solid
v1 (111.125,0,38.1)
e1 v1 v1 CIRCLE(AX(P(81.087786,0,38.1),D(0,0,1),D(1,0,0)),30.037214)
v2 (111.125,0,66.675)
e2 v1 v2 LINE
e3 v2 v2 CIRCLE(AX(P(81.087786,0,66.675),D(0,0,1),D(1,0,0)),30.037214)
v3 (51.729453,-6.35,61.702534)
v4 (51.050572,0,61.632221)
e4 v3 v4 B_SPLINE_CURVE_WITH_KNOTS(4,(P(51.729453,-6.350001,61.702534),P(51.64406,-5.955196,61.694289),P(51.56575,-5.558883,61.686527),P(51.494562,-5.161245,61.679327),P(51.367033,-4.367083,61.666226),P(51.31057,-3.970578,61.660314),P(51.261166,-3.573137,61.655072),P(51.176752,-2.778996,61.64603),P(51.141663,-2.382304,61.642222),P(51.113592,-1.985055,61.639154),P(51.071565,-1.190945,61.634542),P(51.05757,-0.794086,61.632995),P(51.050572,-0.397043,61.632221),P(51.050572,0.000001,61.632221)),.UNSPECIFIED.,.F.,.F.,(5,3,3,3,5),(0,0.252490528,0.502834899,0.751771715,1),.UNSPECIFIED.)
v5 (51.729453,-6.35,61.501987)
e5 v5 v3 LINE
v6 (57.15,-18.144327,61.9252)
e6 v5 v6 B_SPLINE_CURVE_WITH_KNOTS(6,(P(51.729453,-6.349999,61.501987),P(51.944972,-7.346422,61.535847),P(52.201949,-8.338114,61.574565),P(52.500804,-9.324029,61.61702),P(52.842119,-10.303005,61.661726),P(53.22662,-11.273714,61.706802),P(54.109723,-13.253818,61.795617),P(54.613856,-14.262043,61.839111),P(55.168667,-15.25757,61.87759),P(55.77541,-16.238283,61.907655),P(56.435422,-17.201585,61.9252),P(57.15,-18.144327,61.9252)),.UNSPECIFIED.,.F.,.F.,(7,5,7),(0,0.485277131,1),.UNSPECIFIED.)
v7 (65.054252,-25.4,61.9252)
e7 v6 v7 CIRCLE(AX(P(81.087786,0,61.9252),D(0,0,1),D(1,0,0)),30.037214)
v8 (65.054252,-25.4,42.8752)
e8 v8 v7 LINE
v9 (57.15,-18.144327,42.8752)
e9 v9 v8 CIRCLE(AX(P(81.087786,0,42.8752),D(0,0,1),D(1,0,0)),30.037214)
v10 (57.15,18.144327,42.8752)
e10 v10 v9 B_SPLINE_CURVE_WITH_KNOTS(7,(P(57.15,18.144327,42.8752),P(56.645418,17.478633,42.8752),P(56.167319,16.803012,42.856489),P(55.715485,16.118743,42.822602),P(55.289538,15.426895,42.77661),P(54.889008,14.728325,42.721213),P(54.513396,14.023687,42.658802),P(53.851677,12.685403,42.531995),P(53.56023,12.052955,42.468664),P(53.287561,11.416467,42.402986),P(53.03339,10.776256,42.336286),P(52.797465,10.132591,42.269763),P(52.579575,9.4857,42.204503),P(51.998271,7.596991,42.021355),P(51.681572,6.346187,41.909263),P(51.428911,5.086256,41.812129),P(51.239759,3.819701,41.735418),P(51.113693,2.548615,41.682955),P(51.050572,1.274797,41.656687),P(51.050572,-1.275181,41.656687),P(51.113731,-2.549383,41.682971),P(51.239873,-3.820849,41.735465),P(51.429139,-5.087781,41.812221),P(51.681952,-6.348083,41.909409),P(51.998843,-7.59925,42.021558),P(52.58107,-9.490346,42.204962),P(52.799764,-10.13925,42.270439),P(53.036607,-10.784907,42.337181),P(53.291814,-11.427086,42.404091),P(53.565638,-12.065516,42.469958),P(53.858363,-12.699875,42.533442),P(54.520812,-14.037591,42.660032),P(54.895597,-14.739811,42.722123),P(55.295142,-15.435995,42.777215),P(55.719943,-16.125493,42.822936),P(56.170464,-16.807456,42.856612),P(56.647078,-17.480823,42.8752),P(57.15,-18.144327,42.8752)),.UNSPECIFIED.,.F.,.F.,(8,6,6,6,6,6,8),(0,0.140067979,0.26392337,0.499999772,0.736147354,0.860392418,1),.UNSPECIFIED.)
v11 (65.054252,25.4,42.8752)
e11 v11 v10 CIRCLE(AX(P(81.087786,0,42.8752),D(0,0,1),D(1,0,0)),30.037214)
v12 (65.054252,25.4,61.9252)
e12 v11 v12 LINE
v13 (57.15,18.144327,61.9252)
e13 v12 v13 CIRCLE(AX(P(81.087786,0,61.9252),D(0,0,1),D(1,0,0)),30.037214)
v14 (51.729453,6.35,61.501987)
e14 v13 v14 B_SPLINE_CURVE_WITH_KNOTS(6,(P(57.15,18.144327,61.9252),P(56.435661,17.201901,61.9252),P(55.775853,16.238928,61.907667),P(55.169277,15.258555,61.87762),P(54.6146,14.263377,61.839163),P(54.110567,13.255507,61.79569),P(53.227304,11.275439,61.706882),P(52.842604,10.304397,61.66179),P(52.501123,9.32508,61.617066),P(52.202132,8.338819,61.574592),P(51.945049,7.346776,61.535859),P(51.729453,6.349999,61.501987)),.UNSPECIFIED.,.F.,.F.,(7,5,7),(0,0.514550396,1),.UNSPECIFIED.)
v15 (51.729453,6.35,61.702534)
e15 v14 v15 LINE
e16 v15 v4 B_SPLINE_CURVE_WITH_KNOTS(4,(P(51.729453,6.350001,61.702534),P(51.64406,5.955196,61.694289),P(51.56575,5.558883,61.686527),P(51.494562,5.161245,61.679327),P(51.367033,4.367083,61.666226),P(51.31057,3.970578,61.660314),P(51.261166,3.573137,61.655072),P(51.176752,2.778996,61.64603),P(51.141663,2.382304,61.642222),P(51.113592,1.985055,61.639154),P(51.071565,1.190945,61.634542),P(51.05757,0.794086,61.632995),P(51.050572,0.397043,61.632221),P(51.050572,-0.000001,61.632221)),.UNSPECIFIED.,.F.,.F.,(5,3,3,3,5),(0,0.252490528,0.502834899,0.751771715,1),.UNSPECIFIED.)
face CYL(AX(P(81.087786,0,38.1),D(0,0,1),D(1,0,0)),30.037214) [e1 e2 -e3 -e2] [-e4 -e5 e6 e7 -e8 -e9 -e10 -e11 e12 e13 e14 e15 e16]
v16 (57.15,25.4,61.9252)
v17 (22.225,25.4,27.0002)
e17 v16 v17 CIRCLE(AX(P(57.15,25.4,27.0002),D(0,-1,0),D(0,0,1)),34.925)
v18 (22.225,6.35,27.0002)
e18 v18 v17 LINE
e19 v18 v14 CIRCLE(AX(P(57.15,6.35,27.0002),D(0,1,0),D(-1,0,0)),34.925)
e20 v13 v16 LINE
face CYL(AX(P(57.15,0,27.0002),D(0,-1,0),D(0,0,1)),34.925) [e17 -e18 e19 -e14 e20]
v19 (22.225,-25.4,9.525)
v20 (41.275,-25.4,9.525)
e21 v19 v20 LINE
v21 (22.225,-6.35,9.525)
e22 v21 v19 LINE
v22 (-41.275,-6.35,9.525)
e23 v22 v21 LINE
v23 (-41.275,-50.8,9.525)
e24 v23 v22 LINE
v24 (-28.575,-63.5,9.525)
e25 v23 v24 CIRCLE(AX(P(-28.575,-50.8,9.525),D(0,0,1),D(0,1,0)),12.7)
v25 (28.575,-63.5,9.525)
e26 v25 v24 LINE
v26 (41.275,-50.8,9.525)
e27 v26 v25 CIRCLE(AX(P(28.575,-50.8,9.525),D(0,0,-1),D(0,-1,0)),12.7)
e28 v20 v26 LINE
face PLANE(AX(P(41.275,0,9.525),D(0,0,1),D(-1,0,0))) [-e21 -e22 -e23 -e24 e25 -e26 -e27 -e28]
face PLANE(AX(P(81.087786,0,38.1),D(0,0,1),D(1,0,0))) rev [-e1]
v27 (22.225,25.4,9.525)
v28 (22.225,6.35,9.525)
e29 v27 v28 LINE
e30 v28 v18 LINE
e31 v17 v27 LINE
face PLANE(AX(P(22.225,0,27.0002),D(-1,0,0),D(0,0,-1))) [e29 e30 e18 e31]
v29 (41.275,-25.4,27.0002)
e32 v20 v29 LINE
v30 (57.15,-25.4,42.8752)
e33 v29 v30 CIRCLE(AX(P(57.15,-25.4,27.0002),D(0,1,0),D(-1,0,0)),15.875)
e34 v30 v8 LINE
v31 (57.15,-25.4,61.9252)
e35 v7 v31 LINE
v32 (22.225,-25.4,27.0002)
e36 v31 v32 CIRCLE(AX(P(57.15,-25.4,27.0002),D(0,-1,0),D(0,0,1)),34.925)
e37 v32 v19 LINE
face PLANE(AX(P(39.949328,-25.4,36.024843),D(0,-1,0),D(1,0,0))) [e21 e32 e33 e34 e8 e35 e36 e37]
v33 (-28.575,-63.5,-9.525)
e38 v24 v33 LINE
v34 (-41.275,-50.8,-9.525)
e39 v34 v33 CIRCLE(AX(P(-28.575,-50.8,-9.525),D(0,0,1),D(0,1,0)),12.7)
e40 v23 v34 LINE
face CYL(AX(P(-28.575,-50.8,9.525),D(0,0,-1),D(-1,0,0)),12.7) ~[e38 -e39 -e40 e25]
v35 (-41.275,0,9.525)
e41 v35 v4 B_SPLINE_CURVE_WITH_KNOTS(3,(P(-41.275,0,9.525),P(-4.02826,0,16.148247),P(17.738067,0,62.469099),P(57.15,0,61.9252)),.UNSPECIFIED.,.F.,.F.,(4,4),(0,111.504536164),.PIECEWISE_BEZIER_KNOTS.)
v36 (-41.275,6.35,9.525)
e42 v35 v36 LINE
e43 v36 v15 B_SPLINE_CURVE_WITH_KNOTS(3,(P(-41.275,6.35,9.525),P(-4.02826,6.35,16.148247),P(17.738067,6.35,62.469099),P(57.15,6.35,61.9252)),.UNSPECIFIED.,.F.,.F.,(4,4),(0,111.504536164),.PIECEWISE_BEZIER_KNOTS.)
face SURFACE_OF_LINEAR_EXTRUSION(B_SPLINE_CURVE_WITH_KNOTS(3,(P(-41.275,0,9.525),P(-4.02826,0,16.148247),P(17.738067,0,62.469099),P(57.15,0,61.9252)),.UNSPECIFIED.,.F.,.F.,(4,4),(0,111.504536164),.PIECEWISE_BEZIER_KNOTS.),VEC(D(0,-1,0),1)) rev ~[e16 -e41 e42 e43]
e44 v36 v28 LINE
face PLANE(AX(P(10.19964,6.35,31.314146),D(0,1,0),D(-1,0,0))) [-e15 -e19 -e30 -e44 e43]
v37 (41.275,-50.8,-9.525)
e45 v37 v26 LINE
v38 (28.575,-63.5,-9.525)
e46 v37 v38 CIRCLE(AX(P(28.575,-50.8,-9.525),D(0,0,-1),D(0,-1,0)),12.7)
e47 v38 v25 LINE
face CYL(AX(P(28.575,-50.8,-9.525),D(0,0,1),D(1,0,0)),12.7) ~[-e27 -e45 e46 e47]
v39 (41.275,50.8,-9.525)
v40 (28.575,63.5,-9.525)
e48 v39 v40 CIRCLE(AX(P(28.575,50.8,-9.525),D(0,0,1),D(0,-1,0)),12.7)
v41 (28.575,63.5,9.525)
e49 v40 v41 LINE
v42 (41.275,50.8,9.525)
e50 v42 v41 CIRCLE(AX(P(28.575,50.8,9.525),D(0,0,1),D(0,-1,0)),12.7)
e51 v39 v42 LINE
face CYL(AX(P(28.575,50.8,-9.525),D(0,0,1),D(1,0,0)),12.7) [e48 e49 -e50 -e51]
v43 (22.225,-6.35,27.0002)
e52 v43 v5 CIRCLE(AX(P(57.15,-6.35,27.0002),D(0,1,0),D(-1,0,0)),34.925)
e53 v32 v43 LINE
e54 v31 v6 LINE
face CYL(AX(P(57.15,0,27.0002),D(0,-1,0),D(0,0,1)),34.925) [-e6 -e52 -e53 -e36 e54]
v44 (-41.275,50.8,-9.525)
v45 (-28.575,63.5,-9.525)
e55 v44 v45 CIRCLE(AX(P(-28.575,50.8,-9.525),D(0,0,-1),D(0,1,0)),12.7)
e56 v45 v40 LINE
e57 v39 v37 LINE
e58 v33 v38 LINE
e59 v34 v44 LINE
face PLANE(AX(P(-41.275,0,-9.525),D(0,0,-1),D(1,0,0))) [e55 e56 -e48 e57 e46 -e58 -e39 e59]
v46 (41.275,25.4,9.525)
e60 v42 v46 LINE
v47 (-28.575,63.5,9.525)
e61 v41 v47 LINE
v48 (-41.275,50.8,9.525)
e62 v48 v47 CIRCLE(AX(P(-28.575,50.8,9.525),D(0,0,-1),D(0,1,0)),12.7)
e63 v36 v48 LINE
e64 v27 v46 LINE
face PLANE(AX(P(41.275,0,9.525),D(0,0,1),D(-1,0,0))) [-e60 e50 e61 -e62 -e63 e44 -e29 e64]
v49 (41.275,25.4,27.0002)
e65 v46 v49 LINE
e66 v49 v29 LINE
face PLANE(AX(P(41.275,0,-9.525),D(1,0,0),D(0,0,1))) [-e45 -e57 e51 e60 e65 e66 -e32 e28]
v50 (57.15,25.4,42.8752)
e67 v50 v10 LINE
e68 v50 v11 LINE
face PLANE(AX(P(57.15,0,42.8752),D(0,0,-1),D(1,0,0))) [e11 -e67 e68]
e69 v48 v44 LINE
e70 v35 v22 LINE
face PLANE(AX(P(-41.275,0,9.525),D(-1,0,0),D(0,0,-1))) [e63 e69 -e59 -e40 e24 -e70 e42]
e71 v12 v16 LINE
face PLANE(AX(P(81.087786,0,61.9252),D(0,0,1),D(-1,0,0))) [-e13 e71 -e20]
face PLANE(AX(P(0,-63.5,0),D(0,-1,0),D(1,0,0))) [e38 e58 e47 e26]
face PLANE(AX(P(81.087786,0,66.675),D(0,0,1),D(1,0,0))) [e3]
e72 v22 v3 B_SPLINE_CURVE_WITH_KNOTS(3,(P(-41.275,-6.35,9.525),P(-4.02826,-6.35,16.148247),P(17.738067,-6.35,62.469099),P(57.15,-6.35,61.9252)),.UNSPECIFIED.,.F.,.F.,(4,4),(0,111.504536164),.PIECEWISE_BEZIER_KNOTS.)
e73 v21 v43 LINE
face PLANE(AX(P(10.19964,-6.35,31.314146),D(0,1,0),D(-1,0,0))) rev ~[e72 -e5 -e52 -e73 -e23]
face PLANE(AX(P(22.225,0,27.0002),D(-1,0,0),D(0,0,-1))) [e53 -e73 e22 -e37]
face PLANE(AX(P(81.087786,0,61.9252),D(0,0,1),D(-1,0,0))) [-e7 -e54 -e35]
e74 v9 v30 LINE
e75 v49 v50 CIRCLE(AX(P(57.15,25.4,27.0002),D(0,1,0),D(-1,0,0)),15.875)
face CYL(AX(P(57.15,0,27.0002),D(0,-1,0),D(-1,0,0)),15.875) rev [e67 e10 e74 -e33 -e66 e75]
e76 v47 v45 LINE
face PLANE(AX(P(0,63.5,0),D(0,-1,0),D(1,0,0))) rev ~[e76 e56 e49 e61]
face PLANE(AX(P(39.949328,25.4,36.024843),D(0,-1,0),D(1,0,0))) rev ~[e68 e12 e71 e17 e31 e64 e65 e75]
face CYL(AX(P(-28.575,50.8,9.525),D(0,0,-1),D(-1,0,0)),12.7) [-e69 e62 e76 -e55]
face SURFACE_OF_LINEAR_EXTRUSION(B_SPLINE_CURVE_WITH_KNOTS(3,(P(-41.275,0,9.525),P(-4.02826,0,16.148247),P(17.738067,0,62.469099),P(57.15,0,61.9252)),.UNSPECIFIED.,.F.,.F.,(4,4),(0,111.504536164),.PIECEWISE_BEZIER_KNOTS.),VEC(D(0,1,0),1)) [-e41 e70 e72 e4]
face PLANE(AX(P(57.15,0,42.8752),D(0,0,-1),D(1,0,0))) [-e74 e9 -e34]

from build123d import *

# Parameters (mm, degrees)
F1_DEPTH = 63.5
F0_W     = 20.7627861344
F0_H     = 19.05
F2_DEPTH = 25.4
F3_DEPTH = 6.35
F5_R     = 12.7


with BuildPart() as f1:
    # F0 (on Front) → F1 (new body, symmetric)
    with BuildSketch(Plane.XZ):
        Polygon((-41.275, -9.525), (41.275, -9.525), (41.275, 9.525), (22.225, 9.525), (-41.275, 9.525), align=None)
    extrude(amount=F1_DEPTH, both=True)

    # F0 (on Front) → F2 (join, symmetric)
    with BuildSketch(Plane.XZ):
        with BuildLine():
            Line((22.225, 9.525), (41.275, 9.525))
            Line((41.275, 9.525), (41.275, 27.0002))
            ThreePointArc((41.275, 27.0002), (45.9246798487, 38.2255201513), (57.15, 42.8752))
            Line((57.15, 42.8752), (60.325, 42.8752))
            Line((60.325, 42.8752), (60.325, 61.9252))
            Line((60.325, 61.9252), (57.15, 61.9252))
            ThreePointArc((57.15, 61.9252), (32.4542956671, 51.6959043329), (22.225, 27.0002))
            Line((22.225, 27.0002), (22.225, 9.525))
        make_face()
        with Locations((70.7063930672, 52.4002)):
            Rectangle(F0_W, F0_H)
    extrude(amount=F2_DEPTH, both=True)

    # F0 (on Front) → F3 (join, symmetric)
    with BuildSketch(Plane.XZ):
        with BuildLine():
            add(Edge.make_bspline(
                [(-41.275, 9.525), (-4.0282602422, 16.1482468247), (17.7380666137, 62.469098717), (57.15, 61.9252)],
                knots=[0, 0, 0, 0, 111.5045361635, 111.5045361635, 111.5045361635, 111.5045361635], degree=3))
            Line((-41.275, 9.525), (22.225, 9.525))
            Line((22.225, 9.525), (22.225, 27.0002))
            ThreePointArc((22.225, 27.0002), (32.4542956671, 51.6959043329), (57.15, 61.9252))
        make_face()
    extrude(amount=F3_DEPTH, both=True)

    # F0 (on Front) → F4 (revolve)
    with BuildSketch(Plane.XZ):
        Polygon((81.0877861344, 66.675), (81.0877861344, 61.9252), (81.0877861344, 42.8752), (81.0877861344, 38.1), (111.125, 38.1), (111.125, 66.675), align=None)
    revolve(axis=Axis((81.0877861344, 0, 52.4002), (0, 0, 1)))

    # F5
    f5_edges = [f1.edges().sort_by_distance(p)[0] for p in [
        (-41.275, 63.5, 0),
        (-41.275, -63.5, 0),
        (41.275, -63.5, 0),
        (41.275, 63.5, 0),
    ]]
    fillet(f5_edges, radius=F5_R)


solid = f1.part
